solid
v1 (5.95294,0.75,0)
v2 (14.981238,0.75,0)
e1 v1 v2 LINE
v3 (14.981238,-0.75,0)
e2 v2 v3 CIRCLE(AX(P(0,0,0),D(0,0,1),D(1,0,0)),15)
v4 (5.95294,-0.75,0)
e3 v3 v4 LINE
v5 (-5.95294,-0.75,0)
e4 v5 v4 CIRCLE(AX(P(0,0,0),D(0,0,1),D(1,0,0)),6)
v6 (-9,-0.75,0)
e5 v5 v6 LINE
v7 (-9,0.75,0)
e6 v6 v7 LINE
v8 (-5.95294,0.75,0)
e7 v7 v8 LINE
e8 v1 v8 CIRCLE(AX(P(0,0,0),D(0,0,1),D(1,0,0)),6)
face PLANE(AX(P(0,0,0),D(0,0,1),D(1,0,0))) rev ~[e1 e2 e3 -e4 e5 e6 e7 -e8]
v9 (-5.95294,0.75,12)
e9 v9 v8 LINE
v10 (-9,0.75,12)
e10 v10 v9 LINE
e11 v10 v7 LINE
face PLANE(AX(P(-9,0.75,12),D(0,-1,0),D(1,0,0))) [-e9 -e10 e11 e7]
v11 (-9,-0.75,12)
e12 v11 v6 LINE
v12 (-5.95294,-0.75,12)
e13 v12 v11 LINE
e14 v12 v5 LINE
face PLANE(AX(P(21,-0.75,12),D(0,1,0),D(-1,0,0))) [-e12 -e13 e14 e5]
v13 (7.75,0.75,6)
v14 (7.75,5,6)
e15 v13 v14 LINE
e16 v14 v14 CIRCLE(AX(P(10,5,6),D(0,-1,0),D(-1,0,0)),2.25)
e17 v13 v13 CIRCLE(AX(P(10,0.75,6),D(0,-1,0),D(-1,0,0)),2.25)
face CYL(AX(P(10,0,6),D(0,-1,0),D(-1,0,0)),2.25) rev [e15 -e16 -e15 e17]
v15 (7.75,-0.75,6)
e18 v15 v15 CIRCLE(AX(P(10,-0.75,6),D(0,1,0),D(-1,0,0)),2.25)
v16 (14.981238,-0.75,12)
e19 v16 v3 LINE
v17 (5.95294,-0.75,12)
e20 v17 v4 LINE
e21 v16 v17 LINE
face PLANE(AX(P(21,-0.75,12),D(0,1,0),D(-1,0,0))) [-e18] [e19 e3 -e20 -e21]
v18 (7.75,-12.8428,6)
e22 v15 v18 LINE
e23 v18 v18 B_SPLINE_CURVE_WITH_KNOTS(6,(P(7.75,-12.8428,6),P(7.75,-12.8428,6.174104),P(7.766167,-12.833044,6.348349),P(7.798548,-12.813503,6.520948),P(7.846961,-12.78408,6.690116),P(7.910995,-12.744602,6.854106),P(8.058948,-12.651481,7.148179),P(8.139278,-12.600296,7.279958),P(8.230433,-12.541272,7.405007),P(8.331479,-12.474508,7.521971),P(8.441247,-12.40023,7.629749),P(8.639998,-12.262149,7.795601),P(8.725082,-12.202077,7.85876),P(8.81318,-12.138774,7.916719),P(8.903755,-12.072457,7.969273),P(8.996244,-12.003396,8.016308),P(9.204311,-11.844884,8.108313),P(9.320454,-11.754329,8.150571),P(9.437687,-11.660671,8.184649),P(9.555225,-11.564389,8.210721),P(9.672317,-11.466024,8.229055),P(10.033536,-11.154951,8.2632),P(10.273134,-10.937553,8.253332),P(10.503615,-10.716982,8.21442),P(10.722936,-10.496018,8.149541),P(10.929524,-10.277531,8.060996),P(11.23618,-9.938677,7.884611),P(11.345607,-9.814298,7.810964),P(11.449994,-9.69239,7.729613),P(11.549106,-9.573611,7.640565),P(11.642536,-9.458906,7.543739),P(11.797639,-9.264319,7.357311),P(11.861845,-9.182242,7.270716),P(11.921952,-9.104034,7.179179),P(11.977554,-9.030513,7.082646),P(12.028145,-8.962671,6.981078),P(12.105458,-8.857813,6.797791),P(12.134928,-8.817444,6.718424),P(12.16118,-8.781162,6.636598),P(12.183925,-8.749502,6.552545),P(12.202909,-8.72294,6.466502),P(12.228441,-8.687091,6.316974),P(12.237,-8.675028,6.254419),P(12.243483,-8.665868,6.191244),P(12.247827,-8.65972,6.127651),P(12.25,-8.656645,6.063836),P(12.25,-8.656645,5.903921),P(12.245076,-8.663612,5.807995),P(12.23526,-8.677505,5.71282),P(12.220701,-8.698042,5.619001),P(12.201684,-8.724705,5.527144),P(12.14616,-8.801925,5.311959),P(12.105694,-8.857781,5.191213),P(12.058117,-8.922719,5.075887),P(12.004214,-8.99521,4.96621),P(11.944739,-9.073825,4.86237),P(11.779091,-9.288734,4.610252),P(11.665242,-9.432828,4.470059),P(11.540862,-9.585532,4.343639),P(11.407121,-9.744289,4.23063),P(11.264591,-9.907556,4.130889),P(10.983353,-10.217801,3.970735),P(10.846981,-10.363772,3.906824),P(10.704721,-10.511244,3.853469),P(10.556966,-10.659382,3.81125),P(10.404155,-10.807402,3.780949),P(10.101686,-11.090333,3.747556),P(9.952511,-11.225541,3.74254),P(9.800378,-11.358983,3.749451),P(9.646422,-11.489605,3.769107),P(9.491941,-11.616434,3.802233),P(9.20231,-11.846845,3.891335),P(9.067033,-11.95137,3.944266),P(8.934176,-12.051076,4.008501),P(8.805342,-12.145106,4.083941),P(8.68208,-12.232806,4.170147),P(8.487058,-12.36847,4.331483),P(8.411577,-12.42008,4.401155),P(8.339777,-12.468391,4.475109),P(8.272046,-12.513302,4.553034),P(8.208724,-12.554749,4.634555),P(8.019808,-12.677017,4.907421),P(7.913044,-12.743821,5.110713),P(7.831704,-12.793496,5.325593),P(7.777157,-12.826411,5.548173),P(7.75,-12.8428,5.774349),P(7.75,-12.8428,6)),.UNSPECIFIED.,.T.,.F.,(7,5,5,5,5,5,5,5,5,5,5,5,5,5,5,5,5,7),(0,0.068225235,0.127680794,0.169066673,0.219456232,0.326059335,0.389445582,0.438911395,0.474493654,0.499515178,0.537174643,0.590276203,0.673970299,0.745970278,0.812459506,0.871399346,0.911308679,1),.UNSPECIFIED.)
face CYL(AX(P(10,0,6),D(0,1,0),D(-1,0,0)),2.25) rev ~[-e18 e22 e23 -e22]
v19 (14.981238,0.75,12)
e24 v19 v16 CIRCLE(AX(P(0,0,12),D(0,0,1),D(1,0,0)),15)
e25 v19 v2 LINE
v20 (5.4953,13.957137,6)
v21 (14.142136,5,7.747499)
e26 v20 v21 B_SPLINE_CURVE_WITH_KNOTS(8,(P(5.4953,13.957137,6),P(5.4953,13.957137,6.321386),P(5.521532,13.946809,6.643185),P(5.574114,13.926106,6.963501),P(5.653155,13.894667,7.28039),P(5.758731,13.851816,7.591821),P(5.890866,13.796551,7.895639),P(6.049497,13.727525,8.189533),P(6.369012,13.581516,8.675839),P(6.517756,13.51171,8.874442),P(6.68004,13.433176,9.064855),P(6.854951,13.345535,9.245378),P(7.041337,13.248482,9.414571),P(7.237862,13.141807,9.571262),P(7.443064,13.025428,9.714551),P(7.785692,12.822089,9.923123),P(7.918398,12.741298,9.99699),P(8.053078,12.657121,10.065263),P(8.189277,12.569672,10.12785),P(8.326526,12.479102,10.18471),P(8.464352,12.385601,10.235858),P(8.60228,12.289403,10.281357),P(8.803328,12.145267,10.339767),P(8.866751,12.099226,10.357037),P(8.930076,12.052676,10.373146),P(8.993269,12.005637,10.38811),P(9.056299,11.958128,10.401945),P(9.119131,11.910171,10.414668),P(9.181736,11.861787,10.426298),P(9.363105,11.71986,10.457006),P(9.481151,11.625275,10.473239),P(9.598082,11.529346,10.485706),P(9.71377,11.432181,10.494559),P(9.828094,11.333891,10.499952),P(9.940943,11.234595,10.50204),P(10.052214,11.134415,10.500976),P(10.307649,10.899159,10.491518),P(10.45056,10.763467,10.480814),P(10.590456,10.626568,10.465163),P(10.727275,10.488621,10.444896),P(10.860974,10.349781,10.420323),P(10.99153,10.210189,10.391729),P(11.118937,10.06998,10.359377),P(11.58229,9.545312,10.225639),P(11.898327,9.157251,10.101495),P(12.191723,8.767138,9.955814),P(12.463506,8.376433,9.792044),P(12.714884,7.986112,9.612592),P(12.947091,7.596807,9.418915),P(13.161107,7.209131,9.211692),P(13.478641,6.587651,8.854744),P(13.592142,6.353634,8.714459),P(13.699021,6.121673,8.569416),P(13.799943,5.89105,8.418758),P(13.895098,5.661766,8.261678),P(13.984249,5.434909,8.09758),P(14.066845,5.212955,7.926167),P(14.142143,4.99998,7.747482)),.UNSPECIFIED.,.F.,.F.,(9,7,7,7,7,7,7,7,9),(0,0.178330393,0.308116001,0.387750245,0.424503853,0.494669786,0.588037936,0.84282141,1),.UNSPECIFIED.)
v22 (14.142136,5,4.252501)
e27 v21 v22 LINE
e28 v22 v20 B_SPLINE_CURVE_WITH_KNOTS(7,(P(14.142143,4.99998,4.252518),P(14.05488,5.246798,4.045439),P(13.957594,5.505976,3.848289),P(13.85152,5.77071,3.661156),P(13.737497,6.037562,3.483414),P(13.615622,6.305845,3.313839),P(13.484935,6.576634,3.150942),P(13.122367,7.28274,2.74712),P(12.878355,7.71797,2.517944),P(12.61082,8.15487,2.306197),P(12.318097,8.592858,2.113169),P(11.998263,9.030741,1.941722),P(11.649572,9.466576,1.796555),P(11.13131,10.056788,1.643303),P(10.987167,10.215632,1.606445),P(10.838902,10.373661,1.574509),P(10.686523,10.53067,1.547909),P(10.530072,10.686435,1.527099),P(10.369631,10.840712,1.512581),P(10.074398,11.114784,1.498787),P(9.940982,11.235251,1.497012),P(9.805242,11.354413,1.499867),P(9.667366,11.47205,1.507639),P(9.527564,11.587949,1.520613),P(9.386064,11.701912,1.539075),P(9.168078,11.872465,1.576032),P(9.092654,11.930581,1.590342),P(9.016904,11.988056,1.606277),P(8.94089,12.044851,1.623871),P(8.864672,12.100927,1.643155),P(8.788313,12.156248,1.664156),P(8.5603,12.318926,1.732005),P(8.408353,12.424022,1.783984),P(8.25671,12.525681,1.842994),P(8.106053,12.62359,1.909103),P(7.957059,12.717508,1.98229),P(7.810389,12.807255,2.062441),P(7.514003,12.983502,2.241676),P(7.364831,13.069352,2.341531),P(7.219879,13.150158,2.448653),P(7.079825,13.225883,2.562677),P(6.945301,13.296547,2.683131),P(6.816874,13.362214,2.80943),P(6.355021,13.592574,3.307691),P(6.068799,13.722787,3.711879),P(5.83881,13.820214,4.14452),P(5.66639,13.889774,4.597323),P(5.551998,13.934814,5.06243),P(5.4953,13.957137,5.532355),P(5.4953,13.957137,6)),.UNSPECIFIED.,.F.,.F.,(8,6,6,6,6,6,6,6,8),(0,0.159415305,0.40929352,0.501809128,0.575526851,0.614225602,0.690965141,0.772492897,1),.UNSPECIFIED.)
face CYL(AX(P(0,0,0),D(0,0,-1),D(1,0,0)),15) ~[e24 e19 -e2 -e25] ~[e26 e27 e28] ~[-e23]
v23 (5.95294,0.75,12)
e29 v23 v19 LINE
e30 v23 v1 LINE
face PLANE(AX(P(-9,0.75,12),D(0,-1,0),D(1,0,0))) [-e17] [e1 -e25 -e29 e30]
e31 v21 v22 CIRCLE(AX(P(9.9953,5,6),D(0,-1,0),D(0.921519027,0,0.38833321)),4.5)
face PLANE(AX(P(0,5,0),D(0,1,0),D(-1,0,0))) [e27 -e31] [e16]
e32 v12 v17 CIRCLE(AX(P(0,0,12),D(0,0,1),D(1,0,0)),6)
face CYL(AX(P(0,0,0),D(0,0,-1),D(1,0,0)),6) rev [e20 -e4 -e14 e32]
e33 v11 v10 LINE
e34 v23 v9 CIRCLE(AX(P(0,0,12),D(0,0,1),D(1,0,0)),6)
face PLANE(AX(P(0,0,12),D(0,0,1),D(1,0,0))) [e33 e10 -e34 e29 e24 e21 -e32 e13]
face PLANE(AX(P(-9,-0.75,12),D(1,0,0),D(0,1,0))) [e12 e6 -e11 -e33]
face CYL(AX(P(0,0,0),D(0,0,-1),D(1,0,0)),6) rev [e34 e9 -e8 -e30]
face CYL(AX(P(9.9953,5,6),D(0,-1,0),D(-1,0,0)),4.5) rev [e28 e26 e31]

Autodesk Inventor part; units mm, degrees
ref_plane "YZ Plane" through (0, 0, 0) normal (1, 0, 0) x (0, 1, 0)
ref_plane "XY Plane" through (0, 0, 0) normal (0, 0, 1) x (1, 0, 0)
sketch "スケッチ1" plane through (0, 0, 0) normal (0, 0, 1) x (1, 0, 0)
  circle A0 centre (0, 0) radius 15
  circle A1 centre (0, 0) radius 6
  dimension "d0" = 30
  dimension "d1" = 12
extrude "押し出し1" add sketch "スケッチ1" along normal blind 12
sketch "スケッチ2" plane through (0, 0, 0) normal (0, 1, 0) x (-1, 0, 0)
  line L0 (0, 0) -> (0, 12) construction
  line L1 (0, 6) -> (-10, 6) construction
  circle A0 centre (-10, 6) radius 2.25
  line L2 (15, 12) -> (-15, 12) construction
  line L3 (-15, 0) -> (15, 0) construction
  dimension "d4" = 4.5
  dimension "d5" = 10
  dimension "d6" = 6
extrude "押し出し2" cut sketch "スケッチ2" along normal through all both and the other way through all
sketch "スケッチ3" plane through (0, 0, 12) normal (0, 0, 1) x (1, 0, 0)
  line L0 (0, 0) -> (-15.0903, 0) construction
  line L1 (-9, 0.75) -> (21, 0.75)
  line L2 (21, 0.75) -> (21, -0.75)
  line L3 (21, -0.75) -> (-9, -0.75)
  line L4 (-9, -0.75) -> (-9, 0.75)
  line L5 (-9, 0.75) -> (21, -0.75) construction
  line L6 (21, 0.75) -> (-9, -0.75) construction
  point P0 (6, 0)
  dimension "d9" = 9
  dimension "d10" = 1.5
  dimension "d11" = 30
extrude "押し出し3" cut sketch "スケッチ3" against normal through all
ref_plane "作業平面1" through (0, 5, 0) normal (0, 1, 0) x (-1, 0, 0)
sketch "スケッチ4" plane through (0, 5, 0) normal (0, 1, 0) x (-1, 0, 0)
  circle A0 centre (-9.9953, 6) radius 4.5
  line L0 (0, 0) -> (0.0094, 12) construction
  line L1 (15, 12) -> (-14.9812, 12) construction
  line L2 (0.0047, 6) -> (-9.9953, 6) construction
  dimension "d15" = 9
  dimension "d16" = 10
extrude "押し出し4" cut sketch "スケッチ4" along normal through all
properties part number "セットカラー"
